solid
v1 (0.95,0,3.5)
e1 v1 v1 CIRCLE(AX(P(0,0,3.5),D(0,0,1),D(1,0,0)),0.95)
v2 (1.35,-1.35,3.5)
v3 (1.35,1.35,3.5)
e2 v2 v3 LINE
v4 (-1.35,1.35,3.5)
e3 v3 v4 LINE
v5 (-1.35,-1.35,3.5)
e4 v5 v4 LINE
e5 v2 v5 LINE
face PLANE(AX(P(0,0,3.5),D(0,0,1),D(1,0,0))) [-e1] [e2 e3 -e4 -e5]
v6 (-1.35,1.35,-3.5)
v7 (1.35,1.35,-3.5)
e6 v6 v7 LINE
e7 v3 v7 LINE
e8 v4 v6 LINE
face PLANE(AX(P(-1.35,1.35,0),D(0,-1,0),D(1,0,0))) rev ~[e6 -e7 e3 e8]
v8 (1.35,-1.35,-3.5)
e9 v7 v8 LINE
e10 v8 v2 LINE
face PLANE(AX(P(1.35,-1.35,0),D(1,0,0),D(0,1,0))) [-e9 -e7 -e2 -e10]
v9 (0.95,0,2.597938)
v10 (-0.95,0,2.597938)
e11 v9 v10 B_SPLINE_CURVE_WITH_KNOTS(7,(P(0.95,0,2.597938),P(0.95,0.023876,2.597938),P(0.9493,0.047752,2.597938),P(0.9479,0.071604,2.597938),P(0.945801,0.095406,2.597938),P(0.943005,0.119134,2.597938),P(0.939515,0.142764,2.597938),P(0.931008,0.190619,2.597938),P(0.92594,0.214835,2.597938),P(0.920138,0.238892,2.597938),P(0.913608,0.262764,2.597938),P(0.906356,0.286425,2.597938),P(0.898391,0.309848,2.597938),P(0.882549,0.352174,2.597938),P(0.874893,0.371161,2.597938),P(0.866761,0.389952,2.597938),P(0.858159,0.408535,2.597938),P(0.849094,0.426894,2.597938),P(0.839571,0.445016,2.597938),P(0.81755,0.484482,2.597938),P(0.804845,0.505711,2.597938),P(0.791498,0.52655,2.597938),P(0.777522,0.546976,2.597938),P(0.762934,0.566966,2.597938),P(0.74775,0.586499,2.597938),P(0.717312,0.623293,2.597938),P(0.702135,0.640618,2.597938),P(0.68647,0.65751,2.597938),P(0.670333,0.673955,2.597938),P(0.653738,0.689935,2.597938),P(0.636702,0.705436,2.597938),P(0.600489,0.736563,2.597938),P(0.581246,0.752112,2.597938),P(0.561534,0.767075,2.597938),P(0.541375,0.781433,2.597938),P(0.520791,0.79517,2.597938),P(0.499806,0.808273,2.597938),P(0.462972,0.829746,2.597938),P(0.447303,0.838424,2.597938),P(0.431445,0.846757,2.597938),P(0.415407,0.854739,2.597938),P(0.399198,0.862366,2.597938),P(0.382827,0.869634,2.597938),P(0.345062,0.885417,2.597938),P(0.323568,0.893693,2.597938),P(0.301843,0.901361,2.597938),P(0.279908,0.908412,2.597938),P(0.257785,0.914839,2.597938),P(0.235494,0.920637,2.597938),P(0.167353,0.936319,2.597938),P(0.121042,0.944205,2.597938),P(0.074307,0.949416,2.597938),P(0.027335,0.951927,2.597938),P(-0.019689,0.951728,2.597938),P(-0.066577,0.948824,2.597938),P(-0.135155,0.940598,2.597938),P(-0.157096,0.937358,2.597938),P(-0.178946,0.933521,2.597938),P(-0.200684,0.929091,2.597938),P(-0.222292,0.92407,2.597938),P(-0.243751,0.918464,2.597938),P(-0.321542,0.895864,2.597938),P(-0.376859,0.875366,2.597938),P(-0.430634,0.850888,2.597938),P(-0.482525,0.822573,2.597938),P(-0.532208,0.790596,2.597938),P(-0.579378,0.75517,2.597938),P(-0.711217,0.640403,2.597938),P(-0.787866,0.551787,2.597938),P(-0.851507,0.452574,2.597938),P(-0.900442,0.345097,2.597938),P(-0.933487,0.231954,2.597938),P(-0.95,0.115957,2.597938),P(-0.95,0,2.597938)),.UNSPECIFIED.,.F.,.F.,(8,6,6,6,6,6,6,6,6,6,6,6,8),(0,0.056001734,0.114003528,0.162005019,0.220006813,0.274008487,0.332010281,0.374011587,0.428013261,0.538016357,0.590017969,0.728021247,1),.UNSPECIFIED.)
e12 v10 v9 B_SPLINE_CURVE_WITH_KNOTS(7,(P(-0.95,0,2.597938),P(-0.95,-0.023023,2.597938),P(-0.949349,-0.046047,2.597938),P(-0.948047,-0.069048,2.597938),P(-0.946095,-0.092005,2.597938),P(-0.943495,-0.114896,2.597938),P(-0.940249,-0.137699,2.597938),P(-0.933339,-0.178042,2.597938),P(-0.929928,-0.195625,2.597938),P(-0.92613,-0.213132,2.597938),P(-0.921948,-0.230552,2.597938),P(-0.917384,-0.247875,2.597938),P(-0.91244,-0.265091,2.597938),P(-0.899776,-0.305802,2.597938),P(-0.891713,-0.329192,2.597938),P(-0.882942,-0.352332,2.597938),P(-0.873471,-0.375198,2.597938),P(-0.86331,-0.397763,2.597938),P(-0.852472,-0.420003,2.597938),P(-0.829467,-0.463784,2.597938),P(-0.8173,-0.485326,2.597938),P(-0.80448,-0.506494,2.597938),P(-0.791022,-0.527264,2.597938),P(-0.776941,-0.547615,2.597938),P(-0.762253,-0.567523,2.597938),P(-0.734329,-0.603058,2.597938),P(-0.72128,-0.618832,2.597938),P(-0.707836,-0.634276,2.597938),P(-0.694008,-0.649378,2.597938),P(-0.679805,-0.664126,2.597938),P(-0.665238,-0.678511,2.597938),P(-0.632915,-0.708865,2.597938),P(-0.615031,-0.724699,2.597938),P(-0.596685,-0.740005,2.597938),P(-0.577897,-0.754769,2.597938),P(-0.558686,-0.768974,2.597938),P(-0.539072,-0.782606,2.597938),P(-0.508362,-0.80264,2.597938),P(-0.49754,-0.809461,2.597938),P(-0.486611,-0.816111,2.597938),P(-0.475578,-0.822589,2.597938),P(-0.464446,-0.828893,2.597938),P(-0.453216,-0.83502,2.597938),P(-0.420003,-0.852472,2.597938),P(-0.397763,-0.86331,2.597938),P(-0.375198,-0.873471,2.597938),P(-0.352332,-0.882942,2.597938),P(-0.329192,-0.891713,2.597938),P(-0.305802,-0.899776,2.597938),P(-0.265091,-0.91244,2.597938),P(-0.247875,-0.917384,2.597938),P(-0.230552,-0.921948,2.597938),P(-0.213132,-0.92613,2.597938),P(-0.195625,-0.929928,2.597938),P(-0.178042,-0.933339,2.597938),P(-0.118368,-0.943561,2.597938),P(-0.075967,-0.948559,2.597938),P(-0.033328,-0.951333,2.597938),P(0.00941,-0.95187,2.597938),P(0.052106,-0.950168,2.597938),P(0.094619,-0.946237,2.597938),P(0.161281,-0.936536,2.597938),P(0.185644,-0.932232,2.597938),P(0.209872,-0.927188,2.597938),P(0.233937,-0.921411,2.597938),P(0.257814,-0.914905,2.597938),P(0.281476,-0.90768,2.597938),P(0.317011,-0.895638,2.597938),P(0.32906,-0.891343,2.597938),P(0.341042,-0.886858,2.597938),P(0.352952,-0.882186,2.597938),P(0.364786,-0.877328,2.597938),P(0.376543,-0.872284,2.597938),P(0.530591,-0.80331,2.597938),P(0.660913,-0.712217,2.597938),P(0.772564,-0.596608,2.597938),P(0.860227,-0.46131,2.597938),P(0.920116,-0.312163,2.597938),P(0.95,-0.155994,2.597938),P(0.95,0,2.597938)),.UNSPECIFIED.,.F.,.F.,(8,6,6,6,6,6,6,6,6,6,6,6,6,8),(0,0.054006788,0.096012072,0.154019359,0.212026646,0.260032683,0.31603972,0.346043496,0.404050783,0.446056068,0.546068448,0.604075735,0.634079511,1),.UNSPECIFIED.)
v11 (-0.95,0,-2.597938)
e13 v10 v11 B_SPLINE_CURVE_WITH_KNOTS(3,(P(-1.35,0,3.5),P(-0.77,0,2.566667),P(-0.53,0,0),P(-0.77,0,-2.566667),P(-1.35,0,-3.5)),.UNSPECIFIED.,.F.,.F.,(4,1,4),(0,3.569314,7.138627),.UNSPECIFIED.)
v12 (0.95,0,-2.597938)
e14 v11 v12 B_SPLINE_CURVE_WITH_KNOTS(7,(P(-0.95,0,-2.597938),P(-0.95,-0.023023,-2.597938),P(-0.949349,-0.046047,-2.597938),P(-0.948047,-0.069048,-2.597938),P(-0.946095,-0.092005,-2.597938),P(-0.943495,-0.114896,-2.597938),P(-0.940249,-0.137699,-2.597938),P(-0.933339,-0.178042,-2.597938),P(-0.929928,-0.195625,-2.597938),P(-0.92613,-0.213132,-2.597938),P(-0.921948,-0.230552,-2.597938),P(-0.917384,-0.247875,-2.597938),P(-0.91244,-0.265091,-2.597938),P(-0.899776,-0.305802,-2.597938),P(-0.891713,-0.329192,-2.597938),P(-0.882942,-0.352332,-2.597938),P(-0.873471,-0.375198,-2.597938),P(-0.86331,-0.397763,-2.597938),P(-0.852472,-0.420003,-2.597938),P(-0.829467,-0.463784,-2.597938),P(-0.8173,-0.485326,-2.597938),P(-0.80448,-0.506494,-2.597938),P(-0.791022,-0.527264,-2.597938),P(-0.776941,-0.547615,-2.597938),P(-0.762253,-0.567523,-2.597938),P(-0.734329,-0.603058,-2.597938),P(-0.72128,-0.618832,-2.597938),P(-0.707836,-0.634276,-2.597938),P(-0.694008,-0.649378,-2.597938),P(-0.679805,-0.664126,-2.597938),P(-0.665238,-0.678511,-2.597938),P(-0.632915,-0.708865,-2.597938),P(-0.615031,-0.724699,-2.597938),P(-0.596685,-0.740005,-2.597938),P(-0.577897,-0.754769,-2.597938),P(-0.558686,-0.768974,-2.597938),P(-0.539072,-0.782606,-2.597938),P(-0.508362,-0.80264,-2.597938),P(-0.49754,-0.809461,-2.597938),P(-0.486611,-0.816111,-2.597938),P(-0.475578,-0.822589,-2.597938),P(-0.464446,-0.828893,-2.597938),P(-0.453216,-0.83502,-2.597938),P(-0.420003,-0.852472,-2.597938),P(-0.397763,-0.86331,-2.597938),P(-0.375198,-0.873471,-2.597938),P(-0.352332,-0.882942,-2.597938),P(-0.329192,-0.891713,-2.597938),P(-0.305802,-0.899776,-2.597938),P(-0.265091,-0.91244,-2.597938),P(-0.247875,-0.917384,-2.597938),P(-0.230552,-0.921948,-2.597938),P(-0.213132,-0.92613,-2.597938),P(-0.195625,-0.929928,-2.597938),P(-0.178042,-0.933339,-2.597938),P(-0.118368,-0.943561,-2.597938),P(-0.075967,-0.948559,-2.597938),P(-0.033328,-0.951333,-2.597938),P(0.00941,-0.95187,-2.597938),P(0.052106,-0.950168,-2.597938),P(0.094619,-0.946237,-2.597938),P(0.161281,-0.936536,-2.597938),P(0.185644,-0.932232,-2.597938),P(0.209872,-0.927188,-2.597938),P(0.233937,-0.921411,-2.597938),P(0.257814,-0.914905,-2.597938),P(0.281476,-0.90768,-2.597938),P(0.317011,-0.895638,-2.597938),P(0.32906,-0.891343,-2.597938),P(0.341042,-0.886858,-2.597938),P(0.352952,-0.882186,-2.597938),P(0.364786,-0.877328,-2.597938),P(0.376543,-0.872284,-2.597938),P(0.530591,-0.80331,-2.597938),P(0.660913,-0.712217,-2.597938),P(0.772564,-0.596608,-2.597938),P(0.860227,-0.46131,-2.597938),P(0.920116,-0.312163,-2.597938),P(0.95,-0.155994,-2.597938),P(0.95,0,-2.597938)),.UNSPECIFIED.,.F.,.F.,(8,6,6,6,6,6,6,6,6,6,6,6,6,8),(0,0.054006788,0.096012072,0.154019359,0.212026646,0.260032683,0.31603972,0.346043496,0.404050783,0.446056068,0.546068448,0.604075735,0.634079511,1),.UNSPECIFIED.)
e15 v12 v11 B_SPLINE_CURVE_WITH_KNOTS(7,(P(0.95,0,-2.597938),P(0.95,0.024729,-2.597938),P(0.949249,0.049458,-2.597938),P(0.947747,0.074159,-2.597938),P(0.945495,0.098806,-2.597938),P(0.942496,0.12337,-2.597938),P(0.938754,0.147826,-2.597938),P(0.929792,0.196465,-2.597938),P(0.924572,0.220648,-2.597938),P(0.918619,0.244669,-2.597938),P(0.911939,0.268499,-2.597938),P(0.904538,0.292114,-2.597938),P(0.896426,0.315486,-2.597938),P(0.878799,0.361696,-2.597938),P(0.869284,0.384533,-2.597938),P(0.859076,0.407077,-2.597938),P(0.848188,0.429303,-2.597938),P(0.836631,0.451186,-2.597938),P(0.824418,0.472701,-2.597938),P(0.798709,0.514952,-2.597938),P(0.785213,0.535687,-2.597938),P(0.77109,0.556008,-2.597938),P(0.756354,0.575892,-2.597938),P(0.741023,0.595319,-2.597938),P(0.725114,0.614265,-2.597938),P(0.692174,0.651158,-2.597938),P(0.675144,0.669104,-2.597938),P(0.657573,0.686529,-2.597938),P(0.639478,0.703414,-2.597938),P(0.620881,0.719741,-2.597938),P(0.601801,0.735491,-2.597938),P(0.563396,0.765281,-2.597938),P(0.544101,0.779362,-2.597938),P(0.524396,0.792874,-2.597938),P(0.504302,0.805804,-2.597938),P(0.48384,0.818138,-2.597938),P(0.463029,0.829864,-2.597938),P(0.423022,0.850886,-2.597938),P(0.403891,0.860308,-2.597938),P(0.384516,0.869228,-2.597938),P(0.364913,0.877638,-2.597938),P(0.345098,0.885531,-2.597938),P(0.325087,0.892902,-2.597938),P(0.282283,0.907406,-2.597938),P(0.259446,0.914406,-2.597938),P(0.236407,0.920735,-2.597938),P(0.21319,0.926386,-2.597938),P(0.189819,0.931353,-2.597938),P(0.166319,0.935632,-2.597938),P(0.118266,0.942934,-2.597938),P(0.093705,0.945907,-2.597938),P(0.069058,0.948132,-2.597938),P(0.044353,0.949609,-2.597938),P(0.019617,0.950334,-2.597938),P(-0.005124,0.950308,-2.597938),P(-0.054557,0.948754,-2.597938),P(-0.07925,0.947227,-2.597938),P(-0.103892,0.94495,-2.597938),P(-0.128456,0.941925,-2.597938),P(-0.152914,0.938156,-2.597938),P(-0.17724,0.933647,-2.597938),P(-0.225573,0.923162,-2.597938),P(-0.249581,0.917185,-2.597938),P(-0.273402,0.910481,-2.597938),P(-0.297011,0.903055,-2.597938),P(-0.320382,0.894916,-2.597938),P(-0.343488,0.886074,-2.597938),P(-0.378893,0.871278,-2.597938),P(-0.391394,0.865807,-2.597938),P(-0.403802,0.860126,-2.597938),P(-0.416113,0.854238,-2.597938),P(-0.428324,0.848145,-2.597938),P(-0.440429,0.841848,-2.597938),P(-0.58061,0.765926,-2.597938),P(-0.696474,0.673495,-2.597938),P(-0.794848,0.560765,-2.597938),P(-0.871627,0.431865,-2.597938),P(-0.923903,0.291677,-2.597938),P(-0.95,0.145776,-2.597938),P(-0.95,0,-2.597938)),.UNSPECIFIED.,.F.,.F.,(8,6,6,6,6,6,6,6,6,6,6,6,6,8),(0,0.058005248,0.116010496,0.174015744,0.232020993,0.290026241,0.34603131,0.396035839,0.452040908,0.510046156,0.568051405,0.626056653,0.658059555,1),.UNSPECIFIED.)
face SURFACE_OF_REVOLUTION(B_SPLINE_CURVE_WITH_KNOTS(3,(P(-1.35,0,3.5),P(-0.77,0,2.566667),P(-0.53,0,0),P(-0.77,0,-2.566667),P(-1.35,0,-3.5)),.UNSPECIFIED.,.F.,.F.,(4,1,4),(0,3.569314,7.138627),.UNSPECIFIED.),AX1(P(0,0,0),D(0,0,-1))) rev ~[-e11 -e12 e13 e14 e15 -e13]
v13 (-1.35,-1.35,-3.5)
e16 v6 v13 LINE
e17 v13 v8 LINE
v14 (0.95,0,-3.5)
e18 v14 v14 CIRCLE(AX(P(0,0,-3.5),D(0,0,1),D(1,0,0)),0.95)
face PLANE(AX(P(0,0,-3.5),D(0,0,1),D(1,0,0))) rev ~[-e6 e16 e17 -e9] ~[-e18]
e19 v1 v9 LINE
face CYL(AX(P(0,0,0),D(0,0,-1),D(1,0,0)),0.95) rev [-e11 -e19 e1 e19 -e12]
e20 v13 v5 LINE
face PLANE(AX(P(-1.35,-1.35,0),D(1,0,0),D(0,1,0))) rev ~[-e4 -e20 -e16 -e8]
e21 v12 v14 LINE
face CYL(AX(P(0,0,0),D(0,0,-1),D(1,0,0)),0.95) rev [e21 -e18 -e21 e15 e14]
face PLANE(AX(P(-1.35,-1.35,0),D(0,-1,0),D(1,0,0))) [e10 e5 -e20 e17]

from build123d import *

# Parameters (mm, degrees)
F2_W     = 2.7
F2_H     = 2.7
F2_R     = 0.95
F3_DEPTH = 3.5


with BuildPart() as f1:
    # F0 (on Front) → F1 (revolve)
    with BuildSketch(Plane.XZ):
        with BuildLine():
            add(Edge.make_bspline(
                [(-1.35, 3.5), (-0.77, 2.566667), (-0.53, 0), (-0.77, -2.566667), (-1.35, -3.5)],
                knots=[0, 0, 0, 0, 3.569314, 7.138627, 7.138627, 7.138627, 7.138627], degree=3))
            Line((-1.35, 3.5), (-1.35, -3.5))
        make_face()
    revolve(axis=Axis((0, 0, 0), (0, 0, -1)))

    # F2 (on Top) → F3 (join, symmetric)
    with BuildSketch(Plane.XY):
        Rectangle(F2_W, F2_H)
        Circle(F2_R, mode=Mode.SUBTRACT)
    extrude(amount=F3_DEPTH, both=True)


solid = f1.part
